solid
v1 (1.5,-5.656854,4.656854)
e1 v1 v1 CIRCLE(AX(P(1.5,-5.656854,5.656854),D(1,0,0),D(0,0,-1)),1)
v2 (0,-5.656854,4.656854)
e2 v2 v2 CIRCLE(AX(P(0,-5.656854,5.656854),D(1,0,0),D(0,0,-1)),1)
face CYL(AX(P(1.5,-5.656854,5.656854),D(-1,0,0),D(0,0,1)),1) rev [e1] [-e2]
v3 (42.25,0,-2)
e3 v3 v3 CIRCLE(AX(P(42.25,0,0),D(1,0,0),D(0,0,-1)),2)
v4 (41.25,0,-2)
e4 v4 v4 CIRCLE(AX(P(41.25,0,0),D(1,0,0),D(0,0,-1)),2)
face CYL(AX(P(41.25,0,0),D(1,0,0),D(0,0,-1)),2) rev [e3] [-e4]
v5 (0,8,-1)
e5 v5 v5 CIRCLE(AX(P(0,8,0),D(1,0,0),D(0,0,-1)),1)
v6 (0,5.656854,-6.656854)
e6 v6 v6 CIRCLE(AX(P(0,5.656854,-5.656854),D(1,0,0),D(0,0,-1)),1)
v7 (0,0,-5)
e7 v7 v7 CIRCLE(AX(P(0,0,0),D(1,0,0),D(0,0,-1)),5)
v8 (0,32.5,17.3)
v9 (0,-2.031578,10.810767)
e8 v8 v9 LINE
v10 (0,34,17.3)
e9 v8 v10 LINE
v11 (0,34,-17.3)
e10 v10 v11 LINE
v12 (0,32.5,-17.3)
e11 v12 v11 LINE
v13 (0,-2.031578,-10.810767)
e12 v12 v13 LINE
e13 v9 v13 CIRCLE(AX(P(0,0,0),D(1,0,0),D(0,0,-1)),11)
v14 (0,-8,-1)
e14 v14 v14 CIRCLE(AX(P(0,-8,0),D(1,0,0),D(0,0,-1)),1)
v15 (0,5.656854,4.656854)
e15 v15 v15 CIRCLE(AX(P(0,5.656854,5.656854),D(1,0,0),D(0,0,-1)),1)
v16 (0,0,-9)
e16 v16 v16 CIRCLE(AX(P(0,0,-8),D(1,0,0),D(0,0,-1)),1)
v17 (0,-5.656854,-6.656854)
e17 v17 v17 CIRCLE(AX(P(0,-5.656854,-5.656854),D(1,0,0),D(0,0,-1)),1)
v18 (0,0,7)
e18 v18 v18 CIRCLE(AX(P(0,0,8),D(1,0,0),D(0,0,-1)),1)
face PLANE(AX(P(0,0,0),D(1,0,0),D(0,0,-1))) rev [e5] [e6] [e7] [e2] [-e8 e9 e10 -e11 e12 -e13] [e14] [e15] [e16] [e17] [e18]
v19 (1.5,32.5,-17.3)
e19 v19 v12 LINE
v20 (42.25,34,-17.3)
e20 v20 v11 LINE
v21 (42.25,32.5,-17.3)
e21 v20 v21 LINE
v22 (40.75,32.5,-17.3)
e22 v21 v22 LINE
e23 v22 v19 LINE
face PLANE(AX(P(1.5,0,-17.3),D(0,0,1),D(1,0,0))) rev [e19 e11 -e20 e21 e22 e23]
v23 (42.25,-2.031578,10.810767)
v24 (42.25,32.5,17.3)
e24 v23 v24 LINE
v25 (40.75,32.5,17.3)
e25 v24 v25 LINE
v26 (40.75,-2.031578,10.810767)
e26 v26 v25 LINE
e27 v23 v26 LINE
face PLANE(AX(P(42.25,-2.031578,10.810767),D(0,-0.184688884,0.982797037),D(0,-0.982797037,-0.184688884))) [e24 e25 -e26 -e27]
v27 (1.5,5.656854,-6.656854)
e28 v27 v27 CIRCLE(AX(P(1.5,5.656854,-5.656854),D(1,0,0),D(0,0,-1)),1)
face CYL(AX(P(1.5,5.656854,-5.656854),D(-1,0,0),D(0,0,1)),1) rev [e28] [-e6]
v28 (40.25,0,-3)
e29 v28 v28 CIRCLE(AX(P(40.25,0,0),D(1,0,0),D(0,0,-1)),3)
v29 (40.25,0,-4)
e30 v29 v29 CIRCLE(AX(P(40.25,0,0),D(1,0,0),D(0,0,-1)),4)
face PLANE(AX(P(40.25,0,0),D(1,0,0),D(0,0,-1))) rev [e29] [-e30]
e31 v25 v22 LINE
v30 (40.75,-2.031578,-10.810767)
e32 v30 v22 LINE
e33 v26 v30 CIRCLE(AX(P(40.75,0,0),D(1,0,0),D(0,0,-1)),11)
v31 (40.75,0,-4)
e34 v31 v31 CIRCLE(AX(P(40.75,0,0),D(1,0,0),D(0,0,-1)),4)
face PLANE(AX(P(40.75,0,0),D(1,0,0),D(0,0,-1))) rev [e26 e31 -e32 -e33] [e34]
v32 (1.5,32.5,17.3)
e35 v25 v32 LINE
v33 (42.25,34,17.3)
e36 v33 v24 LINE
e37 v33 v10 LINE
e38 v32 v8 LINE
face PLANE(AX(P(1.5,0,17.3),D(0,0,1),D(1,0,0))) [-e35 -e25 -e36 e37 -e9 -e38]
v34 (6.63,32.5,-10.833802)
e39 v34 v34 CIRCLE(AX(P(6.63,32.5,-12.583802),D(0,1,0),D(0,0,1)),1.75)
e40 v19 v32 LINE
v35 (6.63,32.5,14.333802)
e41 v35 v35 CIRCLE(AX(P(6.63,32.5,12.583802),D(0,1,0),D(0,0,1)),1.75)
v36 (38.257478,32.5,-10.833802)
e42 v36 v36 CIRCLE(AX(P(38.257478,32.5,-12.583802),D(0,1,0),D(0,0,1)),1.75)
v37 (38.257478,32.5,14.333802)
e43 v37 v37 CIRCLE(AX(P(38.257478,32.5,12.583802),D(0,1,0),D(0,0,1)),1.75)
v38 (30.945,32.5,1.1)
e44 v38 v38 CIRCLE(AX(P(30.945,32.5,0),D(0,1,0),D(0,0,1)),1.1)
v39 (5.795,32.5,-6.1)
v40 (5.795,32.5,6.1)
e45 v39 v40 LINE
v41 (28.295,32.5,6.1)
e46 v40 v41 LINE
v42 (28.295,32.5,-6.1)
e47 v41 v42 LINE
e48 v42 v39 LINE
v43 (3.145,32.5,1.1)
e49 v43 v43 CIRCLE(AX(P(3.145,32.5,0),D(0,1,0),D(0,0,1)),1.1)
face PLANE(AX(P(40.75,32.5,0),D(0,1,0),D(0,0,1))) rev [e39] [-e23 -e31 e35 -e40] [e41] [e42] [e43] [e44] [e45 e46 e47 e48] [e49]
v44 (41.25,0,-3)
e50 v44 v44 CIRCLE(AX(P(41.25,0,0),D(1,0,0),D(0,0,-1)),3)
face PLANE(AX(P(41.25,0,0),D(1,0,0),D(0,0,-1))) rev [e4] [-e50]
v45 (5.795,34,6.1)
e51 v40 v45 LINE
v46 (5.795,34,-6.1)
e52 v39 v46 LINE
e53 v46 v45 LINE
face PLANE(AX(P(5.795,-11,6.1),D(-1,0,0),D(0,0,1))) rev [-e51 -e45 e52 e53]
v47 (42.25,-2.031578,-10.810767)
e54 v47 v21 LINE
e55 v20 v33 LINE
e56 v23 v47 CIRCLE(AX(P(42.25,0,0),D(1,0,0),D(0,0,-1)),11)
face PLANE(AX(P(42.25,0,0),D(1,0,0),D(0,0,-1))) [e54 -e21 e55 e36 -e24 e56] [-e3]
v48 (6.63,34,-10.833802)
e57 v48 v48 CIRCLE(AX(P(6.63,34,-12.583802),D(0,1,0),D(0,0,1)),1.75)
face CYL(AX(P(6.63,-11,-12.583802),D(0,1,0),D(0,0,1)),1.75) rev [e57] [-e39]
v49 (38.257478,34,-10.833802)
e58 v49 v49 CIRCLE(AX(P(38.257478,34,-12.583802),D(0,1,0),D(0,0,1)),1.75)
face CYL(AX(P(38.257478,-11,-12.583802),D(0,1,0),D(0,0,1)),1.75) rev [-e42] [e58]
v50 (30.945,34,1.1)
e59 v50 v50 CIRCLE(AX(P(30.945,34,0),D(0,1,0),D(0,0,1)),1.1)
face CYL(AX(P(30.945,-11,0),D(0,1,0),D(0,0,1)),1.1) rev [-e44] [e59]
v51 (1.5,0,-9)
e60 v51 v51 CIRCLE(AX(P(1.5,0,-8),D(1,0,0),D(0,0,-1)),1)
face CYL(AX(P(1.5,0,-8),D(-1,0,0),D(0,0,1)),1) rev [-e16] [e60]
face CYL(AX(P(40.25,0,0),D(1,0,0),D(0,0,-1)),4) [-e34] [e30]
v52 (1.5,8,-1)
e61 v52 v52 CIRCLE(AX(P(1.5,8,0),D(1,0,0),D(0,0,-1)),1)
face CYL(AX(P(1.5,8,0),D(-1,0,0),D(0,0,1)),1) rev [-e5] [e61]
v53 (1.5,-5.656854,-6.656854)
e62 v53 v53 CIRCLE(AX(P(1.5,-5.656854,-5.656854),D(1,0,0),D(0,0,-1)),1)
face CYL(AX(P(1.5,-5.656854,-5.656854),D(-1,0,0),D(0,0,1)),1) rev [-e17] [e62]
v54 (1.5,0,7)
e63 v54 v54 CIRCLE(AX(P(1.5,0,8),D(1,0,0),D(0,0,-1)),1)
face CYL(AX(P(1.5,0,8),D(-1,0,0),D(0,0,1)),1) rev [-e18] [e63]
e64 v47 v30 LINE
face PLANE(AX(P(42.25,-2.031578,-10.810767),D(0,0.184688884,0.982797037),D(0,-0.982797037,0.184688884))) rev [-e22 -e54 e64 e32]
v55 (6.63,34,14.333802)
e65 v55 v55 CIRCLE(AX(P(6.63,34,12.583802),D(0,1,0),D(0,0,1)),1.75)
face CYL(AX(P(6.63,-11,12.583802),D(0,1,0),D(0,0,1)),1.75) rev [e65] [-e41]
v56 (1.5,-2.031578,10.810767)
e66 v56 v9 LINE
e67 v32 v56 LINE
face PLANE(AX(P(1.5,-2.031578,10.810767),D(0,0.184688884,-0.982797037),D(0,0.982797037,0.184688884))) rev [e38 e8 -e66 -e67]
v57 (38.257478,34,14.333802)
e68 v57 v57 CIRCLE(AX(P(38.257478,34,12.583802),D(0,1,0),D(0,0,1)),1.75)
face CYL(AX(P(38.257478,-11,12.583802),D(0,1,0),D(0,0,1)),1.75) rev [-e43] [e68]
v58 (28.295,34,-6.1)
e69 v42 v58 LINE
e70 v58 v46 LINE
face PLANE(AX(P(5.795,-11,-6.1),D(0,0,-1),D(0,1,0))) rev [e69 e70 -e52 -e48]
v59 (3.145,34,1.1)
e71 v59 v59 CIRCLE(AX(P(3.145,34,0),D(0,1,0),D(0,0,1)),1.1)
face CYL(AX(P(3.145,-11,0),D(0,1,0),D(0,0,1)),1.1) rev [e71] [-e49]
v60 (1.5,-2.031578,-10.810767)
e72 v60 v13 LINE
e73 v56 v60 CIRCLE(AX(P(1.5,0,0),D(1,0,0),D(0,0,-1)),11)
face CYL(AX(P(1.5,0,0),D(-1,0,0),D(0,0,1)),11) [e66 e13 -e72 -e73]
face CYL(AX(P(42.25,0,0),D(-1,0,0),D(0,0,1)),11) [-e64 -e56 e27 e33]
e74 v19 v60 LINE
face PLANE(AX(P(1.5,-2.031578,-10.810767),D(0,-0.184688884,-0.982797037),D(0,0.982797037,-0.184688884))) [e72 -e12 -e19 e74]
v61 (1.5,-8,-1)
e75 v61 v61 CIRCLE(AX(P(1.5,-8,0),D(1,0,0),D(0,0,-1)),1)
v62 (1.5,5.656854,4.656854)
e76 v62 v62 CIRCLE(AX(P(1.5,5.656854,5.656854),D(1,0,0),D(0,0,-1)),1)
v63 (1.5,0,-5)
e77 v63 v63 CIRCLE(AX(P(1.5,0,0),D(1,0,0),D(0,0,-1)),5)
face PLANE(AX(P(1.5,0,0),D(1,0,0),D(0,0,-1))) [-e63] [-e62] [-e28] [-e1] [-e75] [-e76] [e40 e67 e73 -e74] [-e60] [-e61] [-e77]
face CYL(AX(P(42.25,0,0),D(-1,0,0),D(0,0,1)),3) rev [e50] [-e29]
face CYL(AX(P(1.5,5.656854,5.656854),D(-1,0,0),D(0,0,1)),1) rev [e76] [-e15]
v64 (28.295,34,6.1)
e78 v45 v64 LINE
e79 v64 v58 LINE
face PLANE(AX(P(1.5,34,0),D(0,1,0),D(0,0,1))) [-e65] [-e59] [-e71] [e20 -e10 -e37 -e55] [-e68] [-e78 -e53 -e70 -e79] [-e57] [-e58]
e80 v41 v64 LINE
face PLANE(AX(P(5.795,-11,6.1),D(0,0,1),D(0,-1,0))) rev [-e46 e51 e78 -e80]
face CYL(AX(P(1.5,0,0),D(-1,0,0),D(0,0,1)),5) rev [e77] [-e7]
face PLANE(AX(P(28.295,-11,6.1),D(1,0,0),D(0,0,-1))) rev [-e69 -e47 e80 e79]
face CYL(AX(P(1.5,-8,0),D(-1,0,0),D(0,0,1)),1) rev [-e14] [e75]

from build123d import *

# Parameters (mm, degrees)
SKETCH2_W           = 34.6
SKETCH2_H           = 1.5
SKETCH2_R           = 11
SKETCH2_R_2         = 1
SKETCH2_R_3         = 5
BOSS_EXTRUDE1_DEPTH = 1.5
SKETCH2_3_W         = 34.6
SKETCH2_3_H         = 1.5
BOSS_EXTRUDE2_DEPTH = 40.75
BOSS_EXTRUDE3_START = 40.75
SKETCH2_6_W         = 34.6
SKETCH2_6_H         = 1.5
SKETCH2_6_R         = 11
SKETCH2_6_R_2       = 1
SKETCH2_6_R_3       = 5
SKETCH2_6_R_4       = 4
SKETCH2_6_R_5       = 3
BOSS_EXTRUDE3_DEPTH = 1.5
SKETCH3_R           = 1.1
SKETCH3_R_2         = 1.75
SKETCH3_W           = 22.5
SKETCH3_H           = 12.2
CUT_EXTRUDE1_DEPTH  = 46
BOSS_EXTRUDE4_START = 40.75
SKETCH2_7_R         = 4
SKETCH2_7_R_2       = 3
BOSS_EXTRUDE4_DEPTH = 0.5
SKETCH4_R           = 3
SKETCH4_R_2         = 2
BOSS_EXTRUDE5_DEPTH = 1


with BuildPart() as part:
    # Sketch2 → Boss-Extrude1 (new body)
    with BuildSketch(Plane(origin=(0, 0, 0), x_dir=(0, 0, -1), z_dir=(1, 0, 0))):
        with BuildLine():
            Line((17.3, 32.5), (-17.3, 32.5))
            Line((-17.3, 32.5), (-10.810767407, -2.031577728))
            ThreePointArc((-10.810767407, -2.031577728), (-1.020185895, 10.952589682), (11, 0))
            ThreePointArc((11, 0), (10.952589682, -1.020185895), (10.810767407, -2.031577728))
            Line((10.810767407, -2.031577728), (17.3, 32.5))
        make_face()
        with Locations((0, 33.25)):
            Rectangle(SKETCH2_W, SKETCH2_H)
        Circle(SKETCH2_R)
        with Locations((-5.656854249, 5.656854249)):
            Circle(SKETCH2_R_2, mode=Mode.SUBTRACT)
        with Locations((-8, 0)):
            Circle(SKETCH2_R_2, mode=Mode.SUBTRACT)
        with Locations((-5.656854249, -5.656854249)):
            Circle(SKETCH2_R_2, mode=Mode.SUBTRACT)
        with Locations((0, -8)):
            Circle(SKETCH2_R_2, mode=Mode.SUBTRACT)
        with Locations((5.656854249, -5.656854249)):
            Circle(SKETCH2_R_2, mode=Mode.SUBTRACT)
        with Locations((8, 0)):
            Circle(SKETCH2_R_2, mode=Mode.SUBTRACT)
        with Locations((5.656854249, 5.656854249)):
            Circle(SKETCH2_R_2, mode=Mode.SUBTRACT)
        with Locations((0, 8)):
            Circle(SKETCH2_R_2, mode=Mode.SUBTRACT)
        Circle(SKETCH2_R_3, mode=Mode.SUBTRACT)
    extrude(amount=BOSS_EXTRUDE1_DEPTH)

    # Sketch2<3> → Boss-Extrude2 (add)
    with BuildSketch(Plane(origin=(0, 0, 0), x_dir=(0, 0, -1), z_dir=(1, 0, 0))):
        with Locations((0, 33.25)):
            Rectangle(SKETCH2_3_W, SKETCH2_3_H)
    extrude(amount=BOSS_EXTRUDE2_DEPTH)

    # Sketch2<6> → Boss-Extrude3 (add)
    with BuildSketch(Plane(origin=(0, 0, 0), x_dir=(0, 0, -1), z_dir=(1, 0, 0)).offset(BOSS_EXTRUDE3_START)):
        with Locations((0, 33.25)):
            Rectangle(SKETCH2_6_W, SKETCH2_6_H)
        with BuildLine():
            Line((17.3, 32.5), (-17.3, 32.5))
            Line((-17.3, 32.5), (-10.810767407, -2.031577728))
            ThreePointArc((-10.810767407, -2.031577728), (-1.020185895, 10.952589682), (11, 0))
            ThreePointArc((11, 0), (10.952589682, -1.020185895), (10.810767407, -2.031577728))
            Line((10.810767407, -2.031577728), (17.3, 32.5))
        make_face()
        Circle(SKETCH2_6_R)
        with Locations((-5.656854249, 5.656854249)):
            Circle(SKETCH2_6_R_2, mode=Mode.SUBTRACT)
        with Locations((-8, 0)):
            Circle(SKETCH2_6_R_2, mode=Mode.SUBTRACT)
        with Locations((-5.656854249, -5.656854249)):
            Circle(SKETCH2_6_R_2, mode=Mode.SUBTRACT)
        with Locations((0, -8)):
            Circle(SKETCH2_6_R_2, mode=Mode.SUBTRACT)
        with Locations((5.656854249, -5.656854249)):
            Circle(SKETCH2_6_R_2, mode=Mode.SUBTRACT)
        with Locations((8, 0)):
            Circle(SKETCH2_6_R_2, mode=Mode.SUBTRACT)
        with Locations((5.656854249, 5.656854249)):
            Circle(SKETCH2_6_R_2, mode=Mode.SUBTRACT)
        with Locations((0, 8)):
            Circle(SKETCH2_6_R_2, mode=Mode.SUBTRACT)
        Circle(SKETCH2_6_R_3, mode=Mode.SUBTRACT)
        with Locations((0, 8)):
            Circle(SKETCH2_6_R_2)
        with Locations((-5.656854249, 5.656854249)):
            Circle(SKETCH2_6_R_2)
        with Locations((-8, 0)):
            Circle(SKETCH2_6_R_2)
        with Locations((-5.656854249, -5.656854249)):
            Circle(SKETCH2_6_R_2)
        with Locations((0, -8)):
            Circle(SKETCH2_6_R_2)
        with Locations((5.656854249, -5.656854249)):
            Circle(SKETCH2_6_R_2)
        with Locations((8, 0)):
            Circle(SKETCH2_6_R_2)
        with Locations((5.656854249, 5.656854249)):
            Circle(SKETCH2_6_R_2)
        Circle(SKETCH2_6_R_3)
        Circle(SKETCH2_6_R_4, mode=Mode.SUBTRACT)
        Circle(SKETCH2_6_R_4)
        Circle(SKETCH2_6_R_5, mode=Mode.SUBTRACT)
    extrude(amount=BOSS_EXTRUDE3_DEPTH)

    # Sketch3 → Cut-Extrude1 (cut, through all)
    with BuildSketch(Plane(origin=(0, 34, 0), x_dir=(1, 0, 0), z_dir=(0, 1, 0))):
        with Locations((30.945, 0)):
            Circle(SKETCH3_R)
        with Locations((3.145, 0)):
            Circle(SKETCH3_R)
        with Locations((6.63, 12.583801515)):
            Circle(SKETCH3_R_2)
        with Locations((38.257478, 12.583801515)):
            Circle(SKETCH3_R_2)
        with Locations((38.257478, -12.583801515)):
            Circle(SKETCH3_R_2)
        with Locations((6.63, -12.583801515)):
            Circle(SKETCH3_R_2)
        with Locations((17.045, 0)):
            Rectangle(SKETCH3_W, SKETCH3_H)
    extrude(amount=-CUT_EXTRUDE1_DEPTH, mode=Mode.SUBTRACT)

    # Sketch2<7> → Boss-Extrude4 (add)
    with BuildSketch(Plane(origin=(0, 0, 0), x_dir=(0, 0, -1), z_dir=(1, 0, 0)).offset(BOSS_EXTRUDE4_START)):
        Circle(SKETCH2_7_R)
        Circle(SKETCH2_7_R_2, mode=Mode.SUBTRACT)
    extrude(amount=-BOSS_EXTRUDE4_DEPTH)

    # Sketch4 → Boss-Extrude5 (add)
    with BuildSketch(Plane(origin=(42.25, 0, 0), x_dir=(0, 0, -1), z_dir=(1, 0, 0))):
        Circle(SKETCH4_R)
        Circle(SKETCH4_R_2, mode=Mode.SUBTRACT)
    extrude(amount=-BOSS_EXTRUDE5_DEPTH)


solid = part.part
